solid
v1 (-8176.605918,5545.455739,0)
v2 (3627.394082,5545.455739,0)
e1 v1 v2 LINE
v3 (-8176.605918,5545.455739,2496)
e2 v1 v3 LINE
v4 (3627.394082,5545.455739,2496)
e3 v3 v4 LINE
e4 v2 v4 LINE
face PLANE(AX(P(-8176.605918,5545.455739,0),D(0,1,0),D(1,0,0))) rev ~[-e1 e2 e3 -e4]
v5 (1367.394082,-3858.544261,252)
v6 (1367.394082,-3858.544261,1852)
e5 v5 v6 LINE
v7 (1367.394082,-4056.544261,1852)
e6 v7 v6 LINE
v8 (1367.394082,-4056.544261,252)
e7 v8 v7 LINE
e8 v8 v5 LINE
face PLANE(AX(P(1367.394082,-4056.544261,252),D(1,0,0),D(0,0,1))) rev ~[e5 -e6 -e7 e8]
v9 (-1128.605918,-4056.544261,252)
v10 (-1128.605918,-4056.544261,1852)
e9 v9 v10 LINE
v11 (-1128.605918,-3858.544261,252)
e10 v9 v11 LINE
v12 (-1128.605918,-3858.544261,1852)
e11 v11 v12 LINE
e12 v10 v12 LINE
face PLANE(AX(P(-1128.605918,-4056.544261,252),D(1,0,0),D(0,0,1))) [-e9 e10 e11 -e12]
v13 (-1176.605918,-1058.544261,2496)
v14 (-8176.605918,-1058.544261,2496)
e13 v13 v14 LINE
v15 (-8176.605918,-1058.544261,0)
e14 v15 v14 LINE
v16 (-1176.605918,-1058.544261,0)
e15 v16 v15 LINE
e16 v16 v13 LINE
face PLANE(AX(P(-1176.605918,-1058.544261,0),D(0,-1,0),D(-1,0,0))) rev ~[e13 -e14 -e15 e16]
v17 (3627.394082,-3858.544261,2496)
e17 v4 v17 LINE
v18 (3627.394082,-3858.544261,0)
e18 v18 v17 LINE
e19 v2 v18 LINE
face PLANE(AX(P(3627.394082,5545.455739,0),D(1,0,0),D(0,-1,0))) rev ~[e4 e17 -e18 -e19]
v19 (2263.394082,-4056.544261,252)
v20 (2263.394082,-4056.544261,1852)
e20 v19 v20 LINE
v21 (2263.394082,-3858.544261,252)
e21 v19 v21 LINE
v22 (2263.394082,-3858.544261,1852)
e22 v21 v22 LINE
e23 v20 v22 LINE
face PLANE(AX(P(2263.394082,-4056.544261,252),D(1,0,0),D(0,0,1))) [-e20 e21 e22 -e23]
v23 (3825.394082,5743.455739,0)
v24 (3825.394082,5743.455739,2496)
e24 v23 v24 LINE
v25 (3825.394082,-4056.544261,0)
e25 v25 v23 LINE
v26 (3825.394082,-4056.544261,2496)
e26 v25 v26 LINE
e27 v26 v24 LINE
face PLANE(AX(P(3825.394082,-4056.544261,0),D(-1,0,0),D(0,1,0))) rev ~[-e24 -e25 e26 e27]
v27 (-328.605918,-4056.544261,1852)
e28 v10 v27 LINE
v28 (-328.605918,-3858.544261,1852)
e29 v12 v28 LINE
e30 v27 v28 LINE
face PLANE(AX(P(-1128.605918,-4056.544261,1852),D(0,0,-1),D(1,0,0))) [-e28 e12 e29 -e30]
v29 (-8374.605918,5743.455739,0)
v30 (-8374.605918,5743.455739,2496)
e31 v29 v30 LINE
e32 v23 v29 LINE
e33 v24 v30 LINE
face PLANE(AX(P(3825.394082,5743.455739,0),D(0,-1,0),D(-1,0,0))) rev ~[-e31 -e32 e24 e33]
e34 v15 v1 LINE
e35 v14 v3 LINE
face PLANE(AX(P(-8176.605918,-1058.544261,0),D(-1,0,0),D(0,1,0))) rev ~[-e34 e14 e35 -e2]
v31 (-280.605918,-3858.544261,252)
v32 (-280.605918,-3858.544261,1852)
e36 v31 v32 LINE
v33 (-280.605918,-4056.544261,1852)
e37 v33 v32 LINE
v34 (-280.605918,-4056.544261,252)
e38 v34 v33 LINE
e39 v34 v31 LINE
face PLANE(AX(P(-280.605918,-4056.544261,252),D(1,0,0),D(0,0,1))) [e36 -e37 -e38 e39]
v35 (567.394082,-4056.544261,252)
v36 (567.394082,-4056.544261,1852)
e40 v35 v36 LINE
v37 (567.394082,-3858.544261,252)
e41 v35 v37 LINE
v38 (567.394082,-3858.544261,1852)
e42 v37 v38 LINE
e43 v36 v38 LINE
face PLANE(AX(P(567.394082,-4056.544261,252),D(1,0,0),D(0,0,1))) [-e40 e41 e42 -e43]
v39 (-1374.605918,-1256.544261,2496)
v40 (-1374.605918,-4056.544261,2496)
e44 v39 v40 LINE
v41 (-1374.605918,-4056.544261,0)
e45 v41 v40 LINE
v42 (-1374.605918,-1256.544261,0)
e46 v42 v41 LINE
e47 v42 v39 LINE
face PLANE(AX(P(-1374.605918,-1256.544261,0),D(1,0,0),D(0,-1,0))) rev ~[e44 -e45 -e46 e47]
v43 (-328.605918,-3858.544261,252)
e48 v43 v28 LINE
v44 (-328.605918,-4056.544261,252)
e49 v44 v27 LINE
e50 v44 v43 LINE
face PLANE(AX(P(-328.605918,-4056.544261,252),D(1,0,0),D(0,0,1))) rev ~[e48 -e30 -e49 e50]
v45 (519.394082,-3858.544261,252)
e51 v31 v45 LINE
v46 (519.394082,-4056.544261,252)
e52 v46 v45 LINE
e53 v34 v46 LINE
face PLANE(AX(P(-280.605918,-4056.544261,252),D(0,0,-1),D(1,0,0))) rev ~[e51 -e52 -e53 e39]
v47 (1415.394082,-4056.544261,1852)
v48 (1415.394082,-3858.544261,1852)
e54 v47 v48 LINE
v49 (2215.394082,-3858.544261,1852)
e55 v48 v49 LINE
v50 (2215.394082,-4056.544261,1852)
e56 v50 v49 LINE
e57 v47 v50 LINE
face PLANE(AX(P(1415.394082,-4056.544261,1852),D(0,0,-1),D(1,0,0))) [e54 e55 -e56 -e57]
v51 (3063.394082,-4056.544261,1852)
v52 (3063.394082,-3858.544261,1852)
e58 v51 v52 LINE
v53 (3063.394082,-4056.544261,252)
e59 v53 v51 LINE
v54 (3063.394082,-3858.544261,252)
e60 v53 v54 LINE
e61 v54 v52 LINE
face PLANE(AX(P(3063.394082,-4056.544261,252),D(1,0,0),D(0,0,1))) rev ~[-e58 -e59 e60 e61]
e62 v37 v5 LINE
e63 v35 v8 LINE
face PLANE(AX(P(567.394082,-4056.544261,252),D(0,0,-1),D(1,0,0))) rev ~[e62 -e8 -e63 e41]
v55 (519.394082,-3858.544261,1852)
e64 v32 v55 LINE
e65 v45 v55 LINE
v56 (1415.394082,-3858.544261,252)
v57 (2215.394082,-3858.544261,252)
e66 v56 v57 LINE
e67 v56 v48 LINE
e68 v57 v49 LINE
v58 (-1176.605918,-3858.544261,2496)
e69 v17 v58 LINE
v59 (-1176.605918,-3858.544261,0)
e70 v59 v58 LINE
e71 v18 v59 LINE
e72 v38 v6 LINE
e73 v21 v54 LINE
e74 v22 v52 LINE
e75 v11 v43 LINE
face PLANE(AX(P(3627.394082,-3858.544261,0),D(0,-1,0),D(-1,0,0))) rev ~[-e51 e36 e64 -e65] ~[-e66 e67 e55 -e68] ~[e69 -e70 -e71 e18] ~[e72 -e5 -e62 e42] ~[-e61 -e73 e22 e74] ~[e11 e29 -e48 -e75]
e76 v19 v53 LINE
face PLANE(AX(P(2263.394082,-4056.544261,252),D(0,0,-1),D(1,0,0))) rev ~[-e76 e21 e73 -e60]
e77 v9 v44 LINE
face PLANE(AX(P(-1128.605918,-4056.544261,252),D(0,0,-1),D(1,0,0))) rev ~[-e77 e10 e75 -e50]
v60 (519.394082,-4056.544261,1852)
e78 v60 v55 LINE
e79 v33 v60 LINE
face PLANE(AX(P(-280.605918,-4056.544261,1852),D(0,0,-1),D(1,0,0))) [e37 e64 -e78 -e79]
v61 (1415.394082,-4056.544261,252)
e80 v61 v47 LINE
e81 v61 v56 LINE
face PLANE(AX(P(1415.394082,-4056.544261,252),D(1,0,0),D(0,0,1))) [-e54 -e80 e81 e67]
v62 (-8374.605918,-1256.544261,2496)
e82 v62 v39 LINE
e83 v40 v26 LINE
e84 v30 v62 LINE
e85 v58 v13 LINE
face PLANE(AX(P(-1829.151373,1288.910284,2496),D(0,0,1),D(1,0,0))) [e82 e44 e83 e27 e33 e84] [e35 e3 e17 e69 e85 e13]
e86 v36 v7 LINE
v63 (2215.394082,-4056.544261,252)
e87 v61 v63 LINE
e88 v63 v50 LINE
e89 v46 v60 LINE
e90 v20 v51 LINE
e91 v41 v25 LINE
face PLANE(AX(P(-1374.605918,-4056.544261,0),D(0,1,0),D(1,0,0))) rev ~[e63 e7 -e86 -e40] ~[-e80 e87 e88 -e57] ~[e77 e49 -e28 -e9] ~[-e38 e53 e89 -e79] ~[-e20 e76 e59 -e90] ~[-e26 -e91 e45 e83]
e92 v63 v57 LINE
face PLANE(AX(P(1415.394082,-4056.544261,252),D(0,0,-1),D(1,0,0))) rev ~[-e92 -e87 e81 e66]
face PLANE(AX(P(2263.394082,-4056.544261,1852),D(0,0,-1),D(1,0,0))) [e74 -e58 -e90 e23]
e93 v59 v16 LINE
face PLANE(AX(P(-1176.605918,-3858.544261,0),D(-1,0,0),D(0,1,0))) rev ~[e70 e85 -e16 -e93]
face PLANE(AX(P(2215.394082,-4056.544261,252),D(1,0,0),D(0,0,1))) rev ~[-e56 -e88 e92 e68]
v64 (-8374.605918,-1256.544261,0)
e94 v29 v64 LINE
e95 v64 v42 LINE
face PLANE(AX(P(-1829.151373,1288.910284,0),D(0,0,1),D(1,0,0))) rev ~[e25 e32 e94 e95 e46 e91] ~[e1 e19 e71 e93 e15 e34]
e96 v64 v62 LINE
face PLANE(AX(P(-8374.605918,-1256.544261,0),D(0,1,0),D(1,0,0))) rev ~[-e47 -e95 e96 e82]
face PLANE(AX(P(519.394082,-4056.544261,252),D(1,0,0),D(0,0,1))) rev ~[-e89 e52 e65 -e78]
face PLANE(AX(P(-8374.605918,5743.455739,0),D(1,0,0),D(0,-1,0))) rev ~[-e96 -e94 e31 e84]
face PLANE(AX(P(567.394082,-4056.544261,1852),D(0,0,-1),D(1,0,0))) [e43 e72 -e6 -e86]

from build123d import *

# Parameters (mm, degrees)
F1_DEPTH = 2496
F2_W     = 800
F2_H     = 1600
F3_DEPTH = 200


with BuildPart() as f1:
    # F0 (on Top) → F1 (new body)
    with BuildSketch(Plane.XY):
        Polygon((-1374.605918, -1256.544261), (-1374.605918, -4056.544261), (3825.394082, -4056.544261), (3825.394082, 5743.455739), (-8374.605918, 5743.455739), (-8374.605918, -1256.544261), align=None)
        Polygon((-1176.605918, -1058.544261), (-8176.605918, -1058.544261), (-8176.605918, 5545.455739), (3627.394082, 5545.455739), (3627.394082, -3858.544261), (-1176.605918, -3858.544261), align=None, mode=Mode.SUBTRACT)
    extrude(amount=F1_DEPTH)

    # F2 (on face) → F3 (cut)
    with BuildSketch(Plane.XZ.offset(4056.544261)):
        with Locations((119.394082, 1052)):
            Rectangle(F2_W, F2_H)
        with Locations((-728.605918, 1052)):
            Rectangle(F2_W, F2_H)
        with Locations((967.394082, 1052)):
            Rectangle(F2_W, F2_H)
        with Locations((1815.394082, 1052)):
            Rectangle(F2_W, F2_H)
        with Locations((2663.394082, 1052)):
            Rectangle(F2_W, F2_H)
    extrude(amount=-F3_DEPTH, mode=Mode.SUBTRACT)


solid = f1.part
